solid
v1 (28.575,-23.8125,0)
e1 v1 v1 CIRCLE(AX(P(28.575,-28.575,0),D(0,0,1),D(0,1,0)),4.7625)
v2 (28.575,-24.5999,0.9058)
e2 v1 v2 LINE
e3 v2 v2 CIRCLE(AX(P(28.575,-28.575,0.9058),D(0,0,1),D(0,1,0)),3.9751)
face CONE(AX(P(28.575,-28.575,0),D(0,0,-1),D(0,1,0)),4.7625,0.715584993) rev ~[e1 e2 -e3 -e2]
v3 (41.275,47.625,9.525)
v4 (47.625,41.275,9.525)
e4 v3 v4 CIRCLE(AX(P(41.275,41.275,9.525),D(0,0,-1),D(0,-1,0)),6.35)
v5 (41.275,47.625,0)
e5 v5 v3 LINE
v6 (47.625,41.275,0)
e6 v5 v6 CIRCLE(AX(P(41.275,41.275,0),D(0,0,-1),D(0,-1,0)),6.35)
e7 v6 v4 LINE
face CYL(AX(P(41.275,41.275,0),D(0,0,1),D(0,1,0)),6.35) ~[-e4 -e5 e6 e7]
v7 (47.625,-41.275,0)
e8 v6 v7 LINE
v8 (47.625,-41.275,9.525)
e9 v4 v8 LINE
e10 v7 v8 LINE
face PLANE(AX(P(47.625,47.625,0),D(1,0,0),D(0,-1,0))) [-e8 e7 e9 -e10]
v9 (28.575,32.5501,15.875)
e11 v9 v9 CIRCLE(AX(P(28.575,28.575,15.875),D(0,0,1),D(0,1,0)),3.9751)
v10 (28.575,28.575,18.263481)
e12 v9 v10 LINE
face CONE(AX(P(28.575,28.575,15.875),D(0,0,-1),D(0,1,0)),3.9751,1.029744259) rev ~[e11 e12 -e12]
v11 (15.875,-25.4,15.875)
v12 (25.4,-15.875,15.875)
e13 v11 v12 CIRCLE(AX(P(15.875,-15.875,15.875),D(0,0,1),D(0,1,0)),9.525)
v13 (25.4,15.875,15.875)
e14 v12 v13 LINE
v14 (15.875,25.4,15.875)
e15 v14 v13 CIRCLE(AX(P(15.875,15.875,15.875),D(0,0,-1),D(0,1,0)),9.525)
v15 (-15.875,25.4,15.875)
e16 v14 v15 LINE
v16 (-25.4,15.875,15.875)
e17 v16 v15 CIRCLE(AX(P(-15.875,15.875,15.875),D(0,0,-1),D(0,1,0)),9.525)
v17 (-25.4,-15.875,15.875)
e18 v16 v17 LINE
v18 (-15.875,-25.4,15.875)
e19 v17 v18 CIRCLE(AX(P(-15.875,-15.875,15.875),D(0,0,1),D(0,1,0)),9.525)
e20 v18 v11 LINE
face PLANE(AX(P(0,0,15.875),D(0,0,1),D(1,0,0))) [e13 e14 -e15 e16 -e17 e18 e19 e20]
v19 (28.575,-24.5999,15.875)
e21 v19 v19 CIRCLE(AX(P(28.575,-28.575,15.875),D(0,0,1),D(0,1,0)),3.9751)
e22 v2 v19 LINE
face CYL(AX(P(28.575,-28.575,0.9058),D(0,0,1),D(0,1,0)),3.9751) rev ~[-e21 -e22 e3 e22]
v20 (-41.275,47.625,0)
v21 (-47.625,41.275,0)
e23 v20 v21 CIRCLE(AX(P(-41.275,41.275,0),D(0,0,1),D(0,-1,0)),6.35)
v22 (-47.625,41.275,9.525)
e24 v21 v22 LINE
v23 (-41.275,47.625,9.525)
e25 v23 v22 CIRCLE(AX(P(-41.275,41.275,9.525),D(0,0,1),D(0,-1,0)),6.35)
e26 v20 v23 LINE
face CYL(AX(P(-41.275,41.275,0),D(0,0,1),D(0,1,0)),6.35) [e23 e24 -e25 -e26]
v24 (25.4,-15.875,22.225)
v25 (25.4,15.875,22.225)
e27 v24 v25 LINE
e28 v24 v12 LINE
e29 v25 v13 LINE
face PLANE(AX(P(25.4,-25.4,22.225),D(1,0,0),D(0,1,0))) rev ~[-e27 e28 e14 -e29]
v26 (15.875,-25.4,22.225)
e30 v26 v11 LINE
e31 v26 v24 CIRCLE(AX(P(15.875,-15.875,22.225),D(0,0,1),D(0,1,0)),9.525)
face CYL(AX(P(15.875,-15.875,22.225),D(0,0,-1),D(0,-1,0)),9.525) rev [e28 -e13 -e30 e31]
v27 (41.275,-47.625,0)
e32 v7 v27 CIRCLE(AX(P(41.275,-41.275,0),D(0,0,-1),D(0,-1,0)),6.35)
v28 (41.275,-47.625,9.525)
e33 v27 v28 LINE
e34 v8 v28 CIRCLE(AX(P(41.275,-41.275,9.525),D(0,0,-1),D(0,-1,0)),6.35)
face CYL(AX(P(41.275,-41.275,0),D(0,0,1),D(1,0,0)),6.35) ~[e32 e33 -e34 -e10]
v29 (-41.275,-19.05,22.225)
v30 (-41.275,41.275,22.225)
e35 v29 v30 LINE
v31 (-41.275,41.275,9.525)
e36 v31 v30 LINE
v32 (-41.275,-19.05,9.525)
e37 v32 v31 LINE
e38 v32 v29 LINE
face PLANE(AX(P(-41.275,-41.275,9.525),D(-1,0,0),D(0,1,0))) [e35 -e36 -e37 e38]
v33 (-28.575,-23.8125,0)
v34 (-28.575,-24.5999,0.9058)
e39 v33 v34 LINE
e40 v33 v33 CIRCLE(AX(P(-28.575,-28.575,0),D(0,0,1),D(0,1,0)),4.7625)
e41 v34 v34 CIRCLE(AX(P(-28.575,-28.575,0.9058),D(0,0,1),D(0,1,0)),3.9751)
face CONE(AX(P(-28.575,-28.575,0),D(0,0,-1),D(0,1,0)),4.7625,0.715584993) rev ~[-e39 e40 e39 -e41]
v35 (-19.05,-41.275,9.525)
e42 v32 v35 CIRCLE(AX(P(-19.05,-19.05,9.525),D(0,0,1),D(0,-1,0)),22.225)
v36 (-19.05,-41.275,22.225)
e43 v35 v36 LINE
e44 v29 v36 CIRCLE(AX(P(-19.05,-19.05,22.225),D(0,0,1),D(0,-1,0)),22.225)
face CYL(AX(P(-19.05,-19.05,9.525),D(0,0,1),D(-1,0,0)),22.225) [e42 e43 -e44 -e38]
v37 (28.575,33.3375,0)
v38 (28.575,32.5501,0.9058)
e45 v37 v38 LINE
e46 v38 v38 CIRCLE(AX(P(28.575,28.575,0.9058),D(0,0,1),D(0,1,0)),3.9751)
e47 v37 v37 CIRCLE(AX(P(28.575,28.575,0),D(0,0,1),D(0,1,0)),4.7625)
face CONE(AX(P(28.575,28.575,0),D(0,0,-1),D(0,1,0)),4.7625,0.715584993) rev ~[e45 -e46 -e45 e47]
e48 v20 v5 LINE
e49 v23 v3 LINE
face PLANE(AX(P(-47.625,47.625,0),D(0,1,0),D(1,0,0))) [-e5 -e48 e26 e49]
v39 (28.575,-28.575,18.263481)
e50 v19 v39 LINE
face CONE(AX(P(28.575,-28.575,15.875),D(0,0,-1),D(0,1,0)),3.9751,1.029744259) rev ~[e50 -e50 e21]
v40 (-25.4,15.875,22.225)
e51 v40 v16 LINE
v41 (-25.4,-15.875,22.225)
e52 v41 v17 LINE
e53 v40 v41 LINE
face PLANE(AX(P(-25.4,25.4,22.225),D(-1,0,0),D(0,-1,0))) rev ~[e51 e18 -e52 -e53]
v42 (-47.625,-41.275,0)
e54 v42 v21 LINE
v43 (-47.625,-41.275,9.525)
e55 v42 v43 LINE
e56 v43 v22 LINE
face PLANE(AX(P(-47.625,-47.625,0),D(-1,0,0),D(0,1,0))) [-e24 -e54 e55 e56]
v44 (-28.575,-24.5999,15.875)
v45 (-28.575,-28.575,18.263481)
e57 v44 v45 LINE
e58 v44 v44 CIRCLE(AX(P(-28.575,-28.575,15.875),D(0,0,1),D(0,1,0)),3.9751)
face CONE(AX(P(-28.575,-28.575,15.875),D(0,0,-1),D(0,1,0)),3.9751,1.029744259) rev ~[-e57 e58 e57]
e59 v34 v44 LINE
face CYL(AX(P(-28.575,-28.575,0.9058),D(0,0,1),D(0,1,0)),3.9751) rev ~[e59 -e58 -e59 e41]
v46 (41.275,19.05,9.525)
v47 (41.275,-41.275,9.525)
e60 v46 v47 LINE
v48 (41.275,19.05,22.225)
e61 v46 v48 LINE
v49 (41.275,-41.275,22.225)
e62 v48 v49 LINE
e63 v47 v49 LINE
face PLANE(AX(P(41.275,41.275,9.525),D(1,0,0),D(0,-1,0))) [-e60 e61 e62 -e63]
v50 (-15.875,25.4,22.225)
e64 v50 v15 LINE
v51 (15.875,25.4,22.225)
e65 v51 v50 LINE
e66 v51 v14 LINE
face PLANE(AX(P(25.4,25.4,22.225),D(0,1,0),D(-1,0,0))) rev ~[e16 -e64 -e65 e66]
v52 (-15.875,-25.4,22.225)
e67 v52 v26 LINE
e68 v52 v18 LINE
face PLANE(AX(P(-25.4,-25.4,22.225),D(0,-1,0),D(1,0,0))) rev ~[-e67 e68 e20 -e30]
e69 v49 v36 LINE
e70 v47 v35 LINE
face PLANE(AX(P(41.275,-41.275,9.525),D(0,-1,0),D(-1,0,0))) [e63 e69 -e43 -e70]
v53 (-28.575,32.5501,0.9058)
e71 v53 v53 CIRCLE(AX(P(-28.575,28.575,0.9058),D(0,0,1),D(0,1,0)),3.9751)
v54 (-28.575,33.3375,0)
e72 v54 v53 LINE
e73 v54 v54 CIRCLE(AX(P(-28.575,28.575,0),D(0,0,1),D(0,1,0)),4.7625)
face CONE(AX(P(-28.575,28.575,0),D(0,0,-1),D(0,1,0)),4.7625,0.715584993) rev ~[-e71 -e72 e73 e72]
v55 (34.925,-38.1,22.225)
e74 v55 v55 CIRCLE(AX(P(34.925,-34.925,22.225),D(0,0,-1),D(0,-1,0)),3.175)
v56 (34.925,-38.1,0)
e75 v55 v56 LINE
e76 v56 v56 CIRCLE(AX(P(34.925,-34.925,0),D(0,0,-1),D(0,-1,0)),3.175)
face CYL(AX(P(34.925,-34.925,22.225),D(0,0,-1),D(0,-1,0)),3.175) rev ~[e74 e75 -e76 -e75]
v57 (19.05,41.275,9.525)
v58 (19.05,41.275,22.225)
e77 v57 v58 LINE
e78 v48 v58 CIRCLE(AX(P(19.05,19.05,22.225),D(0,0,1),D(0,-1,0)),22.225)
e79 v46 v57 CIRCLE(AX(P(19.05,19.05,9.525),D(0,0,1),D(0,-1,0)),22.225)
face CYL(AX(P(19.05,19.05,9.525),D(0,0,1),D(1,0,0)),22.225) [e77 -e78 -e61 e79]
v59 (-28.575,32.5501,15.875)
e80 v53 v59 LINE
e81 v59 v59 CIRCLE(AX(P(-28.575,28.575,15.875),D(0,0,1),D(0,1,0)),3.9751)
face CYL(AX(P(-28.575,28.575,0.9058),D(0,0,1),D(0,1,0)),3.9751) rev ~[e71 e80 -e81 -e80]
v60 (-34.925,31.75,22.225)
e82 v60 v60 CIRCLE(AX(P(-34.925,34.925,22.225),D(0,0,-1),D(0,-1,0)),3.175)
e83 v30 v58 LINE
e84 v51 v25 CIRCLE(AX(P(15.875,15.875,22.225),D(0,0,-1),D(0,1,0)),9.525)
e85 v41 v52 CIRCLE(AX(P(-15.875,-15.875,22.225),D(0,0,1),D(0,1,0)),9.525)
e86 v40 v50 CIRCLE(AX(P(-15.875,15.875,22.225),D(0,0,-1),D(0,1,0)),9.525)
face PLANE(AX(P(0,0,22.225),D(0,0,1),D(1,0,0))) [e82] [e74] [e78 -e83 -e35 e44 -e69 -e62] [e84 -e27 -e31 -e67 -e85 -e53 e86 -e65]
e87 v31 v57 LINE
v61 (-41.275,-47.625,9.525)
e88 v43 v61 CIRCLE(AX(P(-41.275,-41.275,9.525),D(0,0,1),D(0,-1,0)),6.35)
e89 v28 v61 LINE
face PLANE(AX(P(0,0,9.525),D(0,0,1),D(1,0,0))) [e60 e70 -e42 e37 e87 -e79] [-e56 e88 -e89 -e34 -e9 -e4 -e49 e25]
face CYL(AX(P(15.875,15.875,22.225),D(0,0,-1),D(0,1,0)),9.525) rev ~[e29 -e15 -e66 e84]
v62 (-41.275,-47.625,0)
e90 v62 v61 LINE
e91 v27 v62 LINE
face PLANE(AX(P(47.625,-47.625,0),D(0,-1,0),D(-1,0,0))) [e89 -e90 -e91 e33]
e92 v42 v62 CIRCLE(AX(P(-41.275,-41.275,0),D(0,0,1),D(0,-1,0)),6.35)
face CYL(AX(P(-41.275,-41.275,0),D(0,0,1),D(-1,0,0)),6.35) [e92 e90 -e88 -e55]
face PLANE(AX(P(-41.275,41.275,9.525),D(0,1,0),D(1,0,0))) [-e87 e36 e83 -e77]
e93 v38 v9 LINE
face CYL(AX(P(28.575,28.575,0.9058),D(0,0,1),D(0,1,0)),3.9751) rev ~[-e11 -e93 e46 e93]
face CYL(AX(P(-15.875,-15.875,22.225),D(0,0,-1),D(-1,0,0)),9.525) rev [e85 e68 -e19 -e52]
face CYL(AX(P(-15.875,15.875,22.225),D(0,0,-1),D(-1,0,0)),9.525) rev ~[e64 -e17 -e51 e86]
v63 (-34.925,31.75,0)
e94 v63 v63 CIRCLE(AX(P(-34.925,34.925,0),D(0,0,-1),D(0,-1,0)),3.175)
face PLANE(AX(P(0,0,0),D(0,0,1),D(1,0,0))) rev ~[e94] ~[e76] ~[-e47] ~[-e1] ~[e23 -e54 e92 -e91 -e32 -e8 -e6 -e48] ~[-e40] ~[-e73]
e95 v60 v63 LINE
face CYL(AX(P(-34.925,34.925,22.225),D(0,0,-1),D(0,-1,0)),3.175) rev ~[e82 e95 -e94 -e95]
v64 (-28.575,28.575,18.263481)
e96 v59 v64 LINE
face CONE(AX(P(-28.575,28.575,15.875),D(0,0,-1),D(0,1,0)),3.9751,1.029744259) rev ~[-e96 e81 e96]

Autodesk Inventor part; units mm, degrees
ref_plane "YZ Plane" through (0, 0, 0) normal (1, 0, 0) x (0, 1, 0)
ref_plane "XZ Plane" through (0, 0, 0) normal (0, 1, 0) x (-1, 0, 0)
ref_plane "XY Plane" through (0, 0, 0) normal (0, 0, 1) x (1, 0, 0)
sketch "Sketch1" plane through (0, 0, 0) normal (0, 0, 1) x (1, 0, 0)
  line L0 (-47.625, 47.625) -> (47.625, 47.625)
  line L1 (47.625, 47.625) -> (47.625, -47.625)
  line L2 (47.625, -47.625) -> (-47.625, -47.625)
  line L3 (-47.625, -47.625) -> (-47.625, 47.625)
  line L4 (-47.625, 47.625) -> (47.625, -47.625) construction
  line L5 (47.625, 47.625) -> (-47.625, -47.625) construction
  point P0 (0, 0)
  dimension "d0" = 95.25
  dimension "d1" = 95.25
extrude "Extrusion1" add sketch "Sketch1" along normal blind 9.525
sketch "Sketch2" plane through (0, 0, 9.525) normal (0, 0, 1) x (1, 0, 0)
  line L0 (41.275, -41.275) -> (-41.275, -41.275)
  line L1 (-41.275, -41.275) -> (-41.275, 41.275)
  line L2 (-41.275, 41.275) -> (41.275, 41.275)
  line L3 (41.275, 41.275) -> (41.275, -41.275)
  line L4 (41.275, -41.275) -> (-41.275, 41.275) construction
  line L5 (-41.275, -41.275) -> (41.275, 41.275) construction
  point P0 (0, 0)
  dimension "d4" = 82.55
  dimension "d5" = 82.55
extrude "Extrusion2" add sketch "Sketch2" along normal blind 12.7
sketch "Sketch3" plane through (0, 0, 22.225) normal (0, 0, 1) x (1, 0, 0)
  line L0 (-25.4, -25.4) -> (25.4, -25.4)
  line L1 (25.4, -25.4) -> (25.4, 25.4)
  line L2 (25.4, 25.4) -> (-25.4, 25.4)
  line L3 (-25.4, 25.4) -> (-25.4, -25.4)
  line L4 (-25.4, -25.4) -> (25.4, 25.4) construction
  line L5 (25.4, -25.4) -> (-25.4, 25.4) construction
  point P0 (0, 0)
  dimension "d8" = 50.8
  dimension "d9" = 50.8
extrude "Extrusion3" cut sketch "Sketch3" against normal blind 6.35
sketch "Sketch4" plane through (0, 0, 22.225) normal (0, 0, 1) x (1, 0, 0)
  line L0 (-41.275, 41.275) -> (-41.275, -41.275) projected
  line L1 (41.275, 41.275) -> (-41.275, 41.275) projected
  line L2 (-41.275, -41.275) -> (41.275, -41.275) projected
  line L3 (41.275, -41.275) -> (41.275, 41.275) projected
  point P0 (0, 0)
  point P1 (-34.925, 34.925)
  point P2 (34.925, -34.925)
  dimension "d19" = 6.35
  dimension "d20" = 6.35
  dimension "d21" = 6.35
  dimension "d22" = 6.35
hole "Hole1" at (-34.925, 34.925, 22.225) at (34.925, -34.925, 22.225) direction (0, 0, -1) diameter 6.35 end through all
sketch "Sketch5" plane through (0, 0, 0) normal (0, 0, -1) x (-1, 0, 0)
  point P0 (0, 0)
  point P1 (-28.575, 28.575)
  point P2 (28.575, 28.575)
  point P3 (28.575, -28.575)
  point P4 (-28.575, -28.575)
  dimension "d37" = 57.15
  dimension "d38" = 28.575
  dimension "d39" = 57.15
  dimension "d40" = 28.575
  dimension "d41" = 57.15
  dimension "d42" = 57.15
  dimension "d43" = 28.575
  dimension "d44" = 28.575
hole "Hole2" at (28.575, 28.575, 0) at (-28.575, 28.575, 0) at (-28.575, -28.575, 0) at (28.575, -28.575, 0) direction (0, 0, 1) diameter 7.9502 depth 15.875 tip angle 118 countersink diameter 9.525 countersink angle 82
fillet "Fillet1" radius 6.35 4 edges at (47.625, -47.625, 4.7625) (-47.625, -47.625, 4.7625) (47.625, 47.625, 4.7625) (-47.625, 47.625, 4.7625)
fillet "Fillet3" radius 22.225 2 edges at (41.275, 41.275, 15.875) (-41.275, -41.275, 15.875)
fillet "Fillet4" radius 9.525 4 edges at (-25.4, 25.4, 19.05) (-25.4, -25.4, 19.05) (25.4, 25.4, 19.05) (25.4, -25.4, 19.05)
thread "Thread1" size "3/8-16 UNC" class "2B" standard "ANSI Unified Screw Threads" full length
thread "Thread2" size "3/8-16 UNC" class "2B" standard "ANSI Unified Screw Threads" full length
thread "Thread3" size "3/8-16 UNC" class "2B" standard "ANSI Unified Screw Threads" full length
thread "Thread4" size "3/8-16 UNC" class "2B" standard "ANSI Unified Screw Threads" full length
properties part number "KUMAR_ACT6_L1" material "Aluminum 6061"
